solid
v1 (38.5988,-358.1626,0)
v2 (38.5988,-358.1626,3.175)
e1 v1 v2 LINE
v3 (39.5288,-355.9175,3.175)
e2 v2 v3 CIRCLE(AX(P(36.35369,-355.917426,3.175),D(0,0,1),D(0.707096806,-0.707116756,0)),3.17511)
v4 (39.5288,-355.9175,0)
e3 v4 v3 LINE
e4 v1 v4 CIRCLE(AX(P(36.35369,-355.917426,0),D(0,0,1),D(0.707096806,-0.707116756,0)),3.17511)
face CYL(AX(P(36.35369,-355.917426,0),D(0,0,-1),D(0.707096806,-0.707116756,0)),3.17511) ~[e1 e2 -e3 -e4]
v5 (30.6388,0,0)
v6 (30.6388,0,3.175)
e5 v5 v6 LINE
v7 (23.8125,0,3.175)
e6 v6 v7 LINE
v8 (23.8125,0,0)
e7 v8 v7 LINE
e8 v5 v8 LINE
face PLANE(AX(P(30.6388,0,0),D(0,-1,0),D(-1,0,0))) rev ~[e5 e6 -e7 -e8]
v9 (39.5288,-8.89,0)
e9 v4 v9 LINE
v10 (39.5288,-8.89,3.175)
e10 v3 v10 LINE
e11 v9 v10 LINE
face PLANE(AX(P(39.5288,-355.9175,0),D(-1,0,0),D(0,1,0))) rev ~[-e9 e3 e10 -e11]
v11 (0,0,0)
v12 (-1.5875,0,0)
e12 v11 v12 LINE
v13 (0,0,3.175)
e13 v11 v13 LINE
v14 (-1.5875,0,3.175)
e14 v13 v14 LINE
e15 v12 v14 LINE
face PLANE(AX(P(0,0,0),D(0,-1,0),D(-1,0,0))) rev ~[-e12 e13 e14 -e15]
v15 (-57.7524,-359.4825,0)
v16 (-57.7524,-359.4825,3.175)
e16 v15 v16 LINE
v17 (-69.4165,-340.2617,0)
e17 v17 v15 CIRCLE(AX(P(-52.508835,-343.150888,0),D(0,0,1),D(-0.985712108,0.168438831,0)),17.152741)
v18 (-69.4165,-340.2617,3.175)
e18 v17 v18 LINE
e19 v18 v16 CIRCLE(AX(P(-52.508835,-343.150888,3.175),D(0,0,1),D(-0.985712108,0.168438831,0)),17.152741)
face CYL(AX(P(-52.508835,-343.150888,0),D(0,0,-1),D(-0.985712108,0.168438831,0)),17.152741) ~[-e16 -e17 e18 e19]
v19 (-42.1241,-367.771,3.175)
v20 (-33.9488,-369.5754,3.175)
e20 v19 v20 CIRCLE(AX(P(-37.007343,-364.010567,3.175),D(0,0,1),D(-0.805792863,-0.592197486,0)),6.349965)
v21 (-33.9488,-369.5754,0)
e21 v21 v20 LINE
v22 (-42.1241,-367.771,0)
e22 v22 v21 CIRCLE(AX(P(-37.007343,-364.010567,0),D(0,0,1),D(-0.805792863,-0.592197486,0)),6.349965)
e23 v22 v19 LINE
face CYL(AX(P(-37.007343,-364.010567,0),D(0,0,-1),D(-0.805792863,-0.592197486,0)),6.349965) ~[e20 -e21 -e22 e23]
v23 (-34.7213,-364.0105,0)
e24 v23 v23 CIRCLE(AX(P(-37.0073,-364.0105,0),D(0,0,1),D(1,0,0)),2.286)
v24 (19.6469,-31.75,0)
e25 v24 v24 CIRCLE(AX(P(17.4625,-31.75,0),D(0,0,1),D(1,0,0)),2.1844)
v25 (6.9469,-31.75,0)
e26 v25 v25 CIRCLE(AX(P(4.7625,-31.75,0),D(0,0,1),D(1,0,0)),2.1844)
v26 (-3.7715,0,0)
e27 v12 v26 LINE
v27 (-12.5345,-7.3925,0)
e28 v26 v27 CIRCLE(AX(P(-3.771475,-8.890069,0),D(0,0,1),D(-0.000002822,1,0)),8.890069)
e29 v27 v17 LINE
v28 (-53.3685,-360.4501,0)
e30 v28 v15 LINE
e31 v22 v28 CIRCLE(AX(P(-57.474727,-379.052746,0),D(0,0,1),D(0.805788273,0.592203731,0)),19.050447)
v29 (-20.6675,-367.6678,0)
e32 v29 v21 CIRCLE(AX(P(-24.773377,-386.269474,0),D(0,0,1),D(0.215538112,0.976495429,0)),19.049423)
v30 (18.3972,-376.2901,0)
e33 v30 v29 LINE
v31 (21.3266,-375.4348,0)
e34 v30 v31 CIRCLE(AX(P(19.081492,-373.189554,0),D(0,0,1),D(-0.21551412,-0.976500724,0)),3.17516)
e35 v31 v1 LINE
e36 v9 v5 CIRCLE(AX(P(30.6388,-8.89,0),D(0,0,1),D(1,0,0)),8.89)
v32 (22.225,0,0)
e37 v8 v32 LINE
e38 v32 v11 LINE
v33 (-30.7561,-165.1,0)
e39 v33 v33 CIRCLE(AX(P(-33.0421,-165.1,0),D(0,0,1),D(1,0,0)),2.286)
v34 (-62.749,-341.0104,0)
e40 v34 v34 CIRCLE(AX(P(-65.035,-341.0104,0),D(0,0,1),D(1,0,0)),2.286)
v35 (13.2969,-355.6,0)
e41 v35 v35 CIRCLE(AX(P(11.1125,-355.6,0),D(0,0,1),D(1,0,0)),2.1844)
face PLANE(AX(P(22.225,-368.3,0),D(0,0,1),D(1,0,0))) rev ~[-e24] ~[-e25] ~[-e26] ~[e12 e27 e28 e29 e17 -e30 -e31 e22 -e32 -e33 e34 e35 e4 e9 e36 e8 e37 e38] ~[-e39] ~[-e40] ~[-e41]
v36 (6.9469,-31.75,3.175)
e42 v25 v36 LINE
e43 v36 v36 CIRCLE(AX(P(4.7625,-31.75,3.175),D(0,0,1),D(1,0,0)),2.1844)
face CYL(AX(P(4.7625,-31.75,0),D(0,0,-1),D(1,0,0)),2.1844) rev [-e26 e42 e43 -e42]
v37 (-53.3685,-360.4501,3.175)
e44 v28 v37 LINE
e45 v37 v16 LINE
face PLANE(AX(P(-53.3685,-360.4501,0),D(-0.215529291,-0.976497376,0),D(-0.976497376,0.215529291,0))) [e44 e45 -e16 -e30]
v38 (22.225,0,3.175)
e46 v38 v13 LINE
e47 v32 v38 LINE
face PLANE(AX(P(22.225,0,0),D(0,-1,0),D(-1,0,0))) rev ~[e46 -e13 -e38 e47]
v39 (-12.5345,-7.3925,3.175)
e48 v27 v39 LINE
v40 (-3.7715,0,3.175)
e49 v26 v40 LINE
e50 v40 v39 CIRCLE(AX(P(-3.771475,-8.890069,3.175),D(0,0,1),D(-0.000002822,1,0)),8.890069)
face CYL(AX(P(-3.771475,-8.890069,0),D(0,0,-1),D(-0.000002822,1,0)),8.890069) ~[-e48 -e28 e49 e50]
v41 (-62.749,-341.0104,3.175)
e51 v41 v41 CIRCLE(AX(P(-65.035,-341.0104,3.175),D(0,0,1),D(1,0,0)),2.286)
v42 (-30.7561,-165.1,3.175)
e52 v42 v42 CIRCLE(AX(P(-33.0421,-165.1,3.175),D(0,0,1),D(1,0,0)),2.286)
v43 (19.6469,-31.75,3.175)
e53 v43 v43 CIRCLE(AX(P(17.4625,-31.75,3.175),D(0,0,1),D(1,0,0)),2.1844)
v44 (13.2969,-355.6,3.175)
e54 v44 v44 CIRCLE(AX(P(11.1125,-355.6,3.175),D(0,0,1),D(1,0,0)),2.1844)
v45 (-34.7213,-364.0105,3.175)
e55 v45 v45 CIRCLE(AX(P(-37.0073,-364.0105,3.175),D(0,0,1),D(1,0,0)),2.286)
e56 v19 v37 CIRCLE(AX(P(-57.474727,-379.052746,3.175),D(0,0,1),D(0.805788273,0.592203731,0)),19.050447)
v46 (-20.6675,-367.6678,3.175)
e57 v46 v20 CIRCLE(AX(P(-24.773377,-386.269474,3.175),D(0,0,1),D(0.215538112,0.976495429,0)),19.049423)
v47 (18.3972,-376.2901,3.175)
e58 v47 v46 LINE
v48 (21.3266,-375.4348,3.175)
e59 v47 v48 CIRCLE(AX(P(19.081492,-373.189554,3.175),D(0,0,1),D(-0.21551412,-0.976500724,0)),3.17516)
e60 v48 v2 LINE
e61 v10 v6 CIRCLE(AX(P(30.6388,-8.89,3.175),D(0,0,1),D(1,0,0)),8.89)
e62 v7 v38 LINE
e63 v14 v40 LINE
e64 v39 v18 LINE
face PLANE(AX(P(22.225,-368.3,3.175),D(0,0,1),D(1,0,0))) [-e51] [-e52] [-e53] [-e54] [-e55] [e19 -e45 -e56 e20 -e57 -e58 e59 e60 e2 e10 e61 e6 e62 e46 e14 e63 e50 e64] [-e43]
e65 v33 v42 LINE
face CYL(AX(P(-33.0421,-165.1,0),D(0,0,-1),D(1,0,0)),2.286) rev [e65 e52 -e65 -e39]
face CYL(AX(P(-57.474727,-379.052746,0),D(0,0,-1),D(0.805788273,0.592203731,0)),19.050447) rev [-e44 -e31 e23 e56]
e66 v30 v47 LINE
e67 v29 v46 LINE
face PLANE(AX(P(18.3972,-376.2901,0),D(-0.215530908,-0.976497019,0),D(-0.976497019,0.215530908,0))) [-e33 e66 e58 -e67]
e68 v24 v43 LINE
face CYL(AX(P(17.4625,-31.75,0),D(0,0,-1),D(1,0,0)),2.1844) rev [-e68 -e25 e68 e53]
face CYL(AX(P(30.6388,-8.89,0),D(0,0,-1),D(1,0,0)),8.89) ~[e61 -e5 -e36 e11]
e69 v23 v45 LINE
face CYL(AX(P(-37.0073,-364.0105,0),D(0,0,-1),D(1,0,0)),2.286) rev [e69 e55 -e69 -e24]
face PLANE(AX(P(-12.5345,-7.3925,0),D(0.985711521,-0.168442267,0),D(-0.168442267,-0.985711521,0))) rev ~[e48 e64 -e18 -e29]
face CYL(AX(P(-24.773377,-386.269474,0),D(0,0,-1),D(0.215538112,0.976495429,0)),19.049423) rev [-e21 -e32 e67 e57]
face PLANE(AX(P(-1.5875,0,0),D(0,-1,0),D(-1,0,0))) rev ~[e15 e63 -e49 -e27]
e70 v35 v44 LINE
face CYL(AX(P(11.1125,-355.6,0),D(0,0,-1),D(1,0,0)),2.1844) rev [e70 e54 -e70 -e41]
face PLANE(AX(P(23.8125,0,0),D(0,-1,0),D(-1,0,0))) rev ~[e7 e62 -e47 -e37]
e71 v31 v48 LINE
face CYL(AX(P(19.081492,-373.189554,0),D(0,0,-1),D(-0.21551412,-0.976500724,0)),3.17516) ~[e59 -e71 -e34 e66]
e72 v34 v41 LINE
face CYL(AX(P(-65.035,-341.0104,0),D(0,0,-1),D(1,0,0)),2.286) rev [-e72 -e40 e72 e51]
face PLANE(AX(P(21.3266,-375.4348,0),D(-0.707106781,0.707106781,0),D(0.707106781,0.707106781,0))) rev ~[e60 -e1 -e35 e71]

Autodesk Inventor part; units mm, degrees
ref_plane "YZ Plane" through (0, 0, 0) normal (1, 0, 0) x (0, 1, 0)
ref_plane "XZ Plane" through (0, 0, 0) normal (0, 1, 0) x (-1, 0, 0)
ref_plane "Work Plane1" through (22.225, -368.3, 0) normal (0, 0, 1) x (1, 0, 0)
sketch "Sketch1" plane through (22.225, -368.3, 0) normal (0, 0, 1) x (1, 0, 0)
  line L0 (-22.225, 368.3) -> (-23.8125, 368.3) projected
  line L1 (1.5875, 368.3) -> (0, 368.3) projected
  line L2 (0.7938, -1.5875) -> (-32.5437, -1.5875) projected
  line L3 (-0.8984, -7.1348) -> (16.3738, 10.1374)
  line L4 (17.3038, 12.3825) -> (17.3038, 359.41)
  arc A0 (-3.8278, -7.9901) -> (-0.8984, -7.1348) centre (-3.1435, -4.8898) ccw
  arc A1 (16.3738, 10.1374) -> (17.3038, 12.3825) centre (14.1288, 12.3825) ccw
  line L5 (-3.8278, -7.9901) -> (-42.8925, 0.6322)
  line L6 (8.4138, 368.3) -> (-25.9965, 368.3)
  line L7 (-34.7595, 360.9075) -> (-91.6415, 28.0383)
  arc A2 (-91.5685, 28.3829) -> (-91.0646, 24.991) centre (-87.26, 27.2896) ccw construction
  arc A3 (-91.6415, 28.0383) -> (-79.9774, 8.8175) centre (-74.7339, 25.1491) ccw
  circle A4 centre (-11.1125, 12.7) radius 2.1844 projected
  circle A5 centre (-17.4625, 336.55) radius 2.1844 projected
  circle A6 centre (-4.7625, 336.55) radius 2.1844 projected
  arc A7 (-25.9965, 368.3) -> (-34.7595, 360.9075) centre (-25.9965, 359.41) ccw
  arc A8 (17.3038, 359.41) -> (8.4138, 368.3) centre (8.4138, 359.41) ccw
  circle A9 centre (-55.2671, 203.2) radius 6.35 construction
  circle A10 centre (-55.2671, 203.2) radius 2.286
  circle A11 centre (-87.26, 27.2896) radius 2.286 projected
  circle A12 centre (-59.2323, 4.2895) radius 2.286 projected
  arc A13 (-64.3491, 0.529) -> (-56.1738, -1.2754) centre (-59.2323, 4.2895) ccw
  arc A14 (-42.8925, 0.6322) -> (-56.1738, -1.2754) centre (-46.9984, -17.9701) ccw
  arc A15 (-64.3491, 0.529) -> (-75.5935, 7.8499) centre (-79.6994, -10.7524) ccw
  line L8 (-42.8925, 0.6322) -> (-75.5935, 7.8499) construction
  line L9 (-75.5935, 7.8499) -> (-79.9774, 8.8175)
  arc A16 (-65.4436, 5.6096) -> (-64.3491, 0.529) centre (-59.2323, 4.2895) ccw construction
  arc A17 (-56.1738, -1.2754) -> (-65.4436, 5.6096) centre (-59.2323, 4.2895) ccw construction
  point P0 (17.3038, 368.3)
  point P1 (-33.4962, 368.3)
  point P2 (-2.2536, -7.9375)
  point P3 (-23.0188, 368.3)
  point P4 (0.7938, 368.3)
  point P5 (0, 368.3)
  point P6 (-23.4578, 368.3)
  dimension "d0" = 16.51
  dimension "d1" = 3.175
  dimension "d3" = 50.8
  dimension "d4" = 6.35
  dimension "d5" = 45
  dimension "d6" = 8.89
  dimension "d7" = 4.572
  dimension "d8" = 165.1
  dimension "d11" = 12.7
  dimension "d12" = 19.05
  dimension "d13" = 19.05
  dimension "d14" = 13.97
  dimension "d15" = 12.7
extrude "Extrusion1" add sketch "Sketch1" along normal blind 3.175
properties part number "ChassisPolySides" material "Acetal Resin, Black"
